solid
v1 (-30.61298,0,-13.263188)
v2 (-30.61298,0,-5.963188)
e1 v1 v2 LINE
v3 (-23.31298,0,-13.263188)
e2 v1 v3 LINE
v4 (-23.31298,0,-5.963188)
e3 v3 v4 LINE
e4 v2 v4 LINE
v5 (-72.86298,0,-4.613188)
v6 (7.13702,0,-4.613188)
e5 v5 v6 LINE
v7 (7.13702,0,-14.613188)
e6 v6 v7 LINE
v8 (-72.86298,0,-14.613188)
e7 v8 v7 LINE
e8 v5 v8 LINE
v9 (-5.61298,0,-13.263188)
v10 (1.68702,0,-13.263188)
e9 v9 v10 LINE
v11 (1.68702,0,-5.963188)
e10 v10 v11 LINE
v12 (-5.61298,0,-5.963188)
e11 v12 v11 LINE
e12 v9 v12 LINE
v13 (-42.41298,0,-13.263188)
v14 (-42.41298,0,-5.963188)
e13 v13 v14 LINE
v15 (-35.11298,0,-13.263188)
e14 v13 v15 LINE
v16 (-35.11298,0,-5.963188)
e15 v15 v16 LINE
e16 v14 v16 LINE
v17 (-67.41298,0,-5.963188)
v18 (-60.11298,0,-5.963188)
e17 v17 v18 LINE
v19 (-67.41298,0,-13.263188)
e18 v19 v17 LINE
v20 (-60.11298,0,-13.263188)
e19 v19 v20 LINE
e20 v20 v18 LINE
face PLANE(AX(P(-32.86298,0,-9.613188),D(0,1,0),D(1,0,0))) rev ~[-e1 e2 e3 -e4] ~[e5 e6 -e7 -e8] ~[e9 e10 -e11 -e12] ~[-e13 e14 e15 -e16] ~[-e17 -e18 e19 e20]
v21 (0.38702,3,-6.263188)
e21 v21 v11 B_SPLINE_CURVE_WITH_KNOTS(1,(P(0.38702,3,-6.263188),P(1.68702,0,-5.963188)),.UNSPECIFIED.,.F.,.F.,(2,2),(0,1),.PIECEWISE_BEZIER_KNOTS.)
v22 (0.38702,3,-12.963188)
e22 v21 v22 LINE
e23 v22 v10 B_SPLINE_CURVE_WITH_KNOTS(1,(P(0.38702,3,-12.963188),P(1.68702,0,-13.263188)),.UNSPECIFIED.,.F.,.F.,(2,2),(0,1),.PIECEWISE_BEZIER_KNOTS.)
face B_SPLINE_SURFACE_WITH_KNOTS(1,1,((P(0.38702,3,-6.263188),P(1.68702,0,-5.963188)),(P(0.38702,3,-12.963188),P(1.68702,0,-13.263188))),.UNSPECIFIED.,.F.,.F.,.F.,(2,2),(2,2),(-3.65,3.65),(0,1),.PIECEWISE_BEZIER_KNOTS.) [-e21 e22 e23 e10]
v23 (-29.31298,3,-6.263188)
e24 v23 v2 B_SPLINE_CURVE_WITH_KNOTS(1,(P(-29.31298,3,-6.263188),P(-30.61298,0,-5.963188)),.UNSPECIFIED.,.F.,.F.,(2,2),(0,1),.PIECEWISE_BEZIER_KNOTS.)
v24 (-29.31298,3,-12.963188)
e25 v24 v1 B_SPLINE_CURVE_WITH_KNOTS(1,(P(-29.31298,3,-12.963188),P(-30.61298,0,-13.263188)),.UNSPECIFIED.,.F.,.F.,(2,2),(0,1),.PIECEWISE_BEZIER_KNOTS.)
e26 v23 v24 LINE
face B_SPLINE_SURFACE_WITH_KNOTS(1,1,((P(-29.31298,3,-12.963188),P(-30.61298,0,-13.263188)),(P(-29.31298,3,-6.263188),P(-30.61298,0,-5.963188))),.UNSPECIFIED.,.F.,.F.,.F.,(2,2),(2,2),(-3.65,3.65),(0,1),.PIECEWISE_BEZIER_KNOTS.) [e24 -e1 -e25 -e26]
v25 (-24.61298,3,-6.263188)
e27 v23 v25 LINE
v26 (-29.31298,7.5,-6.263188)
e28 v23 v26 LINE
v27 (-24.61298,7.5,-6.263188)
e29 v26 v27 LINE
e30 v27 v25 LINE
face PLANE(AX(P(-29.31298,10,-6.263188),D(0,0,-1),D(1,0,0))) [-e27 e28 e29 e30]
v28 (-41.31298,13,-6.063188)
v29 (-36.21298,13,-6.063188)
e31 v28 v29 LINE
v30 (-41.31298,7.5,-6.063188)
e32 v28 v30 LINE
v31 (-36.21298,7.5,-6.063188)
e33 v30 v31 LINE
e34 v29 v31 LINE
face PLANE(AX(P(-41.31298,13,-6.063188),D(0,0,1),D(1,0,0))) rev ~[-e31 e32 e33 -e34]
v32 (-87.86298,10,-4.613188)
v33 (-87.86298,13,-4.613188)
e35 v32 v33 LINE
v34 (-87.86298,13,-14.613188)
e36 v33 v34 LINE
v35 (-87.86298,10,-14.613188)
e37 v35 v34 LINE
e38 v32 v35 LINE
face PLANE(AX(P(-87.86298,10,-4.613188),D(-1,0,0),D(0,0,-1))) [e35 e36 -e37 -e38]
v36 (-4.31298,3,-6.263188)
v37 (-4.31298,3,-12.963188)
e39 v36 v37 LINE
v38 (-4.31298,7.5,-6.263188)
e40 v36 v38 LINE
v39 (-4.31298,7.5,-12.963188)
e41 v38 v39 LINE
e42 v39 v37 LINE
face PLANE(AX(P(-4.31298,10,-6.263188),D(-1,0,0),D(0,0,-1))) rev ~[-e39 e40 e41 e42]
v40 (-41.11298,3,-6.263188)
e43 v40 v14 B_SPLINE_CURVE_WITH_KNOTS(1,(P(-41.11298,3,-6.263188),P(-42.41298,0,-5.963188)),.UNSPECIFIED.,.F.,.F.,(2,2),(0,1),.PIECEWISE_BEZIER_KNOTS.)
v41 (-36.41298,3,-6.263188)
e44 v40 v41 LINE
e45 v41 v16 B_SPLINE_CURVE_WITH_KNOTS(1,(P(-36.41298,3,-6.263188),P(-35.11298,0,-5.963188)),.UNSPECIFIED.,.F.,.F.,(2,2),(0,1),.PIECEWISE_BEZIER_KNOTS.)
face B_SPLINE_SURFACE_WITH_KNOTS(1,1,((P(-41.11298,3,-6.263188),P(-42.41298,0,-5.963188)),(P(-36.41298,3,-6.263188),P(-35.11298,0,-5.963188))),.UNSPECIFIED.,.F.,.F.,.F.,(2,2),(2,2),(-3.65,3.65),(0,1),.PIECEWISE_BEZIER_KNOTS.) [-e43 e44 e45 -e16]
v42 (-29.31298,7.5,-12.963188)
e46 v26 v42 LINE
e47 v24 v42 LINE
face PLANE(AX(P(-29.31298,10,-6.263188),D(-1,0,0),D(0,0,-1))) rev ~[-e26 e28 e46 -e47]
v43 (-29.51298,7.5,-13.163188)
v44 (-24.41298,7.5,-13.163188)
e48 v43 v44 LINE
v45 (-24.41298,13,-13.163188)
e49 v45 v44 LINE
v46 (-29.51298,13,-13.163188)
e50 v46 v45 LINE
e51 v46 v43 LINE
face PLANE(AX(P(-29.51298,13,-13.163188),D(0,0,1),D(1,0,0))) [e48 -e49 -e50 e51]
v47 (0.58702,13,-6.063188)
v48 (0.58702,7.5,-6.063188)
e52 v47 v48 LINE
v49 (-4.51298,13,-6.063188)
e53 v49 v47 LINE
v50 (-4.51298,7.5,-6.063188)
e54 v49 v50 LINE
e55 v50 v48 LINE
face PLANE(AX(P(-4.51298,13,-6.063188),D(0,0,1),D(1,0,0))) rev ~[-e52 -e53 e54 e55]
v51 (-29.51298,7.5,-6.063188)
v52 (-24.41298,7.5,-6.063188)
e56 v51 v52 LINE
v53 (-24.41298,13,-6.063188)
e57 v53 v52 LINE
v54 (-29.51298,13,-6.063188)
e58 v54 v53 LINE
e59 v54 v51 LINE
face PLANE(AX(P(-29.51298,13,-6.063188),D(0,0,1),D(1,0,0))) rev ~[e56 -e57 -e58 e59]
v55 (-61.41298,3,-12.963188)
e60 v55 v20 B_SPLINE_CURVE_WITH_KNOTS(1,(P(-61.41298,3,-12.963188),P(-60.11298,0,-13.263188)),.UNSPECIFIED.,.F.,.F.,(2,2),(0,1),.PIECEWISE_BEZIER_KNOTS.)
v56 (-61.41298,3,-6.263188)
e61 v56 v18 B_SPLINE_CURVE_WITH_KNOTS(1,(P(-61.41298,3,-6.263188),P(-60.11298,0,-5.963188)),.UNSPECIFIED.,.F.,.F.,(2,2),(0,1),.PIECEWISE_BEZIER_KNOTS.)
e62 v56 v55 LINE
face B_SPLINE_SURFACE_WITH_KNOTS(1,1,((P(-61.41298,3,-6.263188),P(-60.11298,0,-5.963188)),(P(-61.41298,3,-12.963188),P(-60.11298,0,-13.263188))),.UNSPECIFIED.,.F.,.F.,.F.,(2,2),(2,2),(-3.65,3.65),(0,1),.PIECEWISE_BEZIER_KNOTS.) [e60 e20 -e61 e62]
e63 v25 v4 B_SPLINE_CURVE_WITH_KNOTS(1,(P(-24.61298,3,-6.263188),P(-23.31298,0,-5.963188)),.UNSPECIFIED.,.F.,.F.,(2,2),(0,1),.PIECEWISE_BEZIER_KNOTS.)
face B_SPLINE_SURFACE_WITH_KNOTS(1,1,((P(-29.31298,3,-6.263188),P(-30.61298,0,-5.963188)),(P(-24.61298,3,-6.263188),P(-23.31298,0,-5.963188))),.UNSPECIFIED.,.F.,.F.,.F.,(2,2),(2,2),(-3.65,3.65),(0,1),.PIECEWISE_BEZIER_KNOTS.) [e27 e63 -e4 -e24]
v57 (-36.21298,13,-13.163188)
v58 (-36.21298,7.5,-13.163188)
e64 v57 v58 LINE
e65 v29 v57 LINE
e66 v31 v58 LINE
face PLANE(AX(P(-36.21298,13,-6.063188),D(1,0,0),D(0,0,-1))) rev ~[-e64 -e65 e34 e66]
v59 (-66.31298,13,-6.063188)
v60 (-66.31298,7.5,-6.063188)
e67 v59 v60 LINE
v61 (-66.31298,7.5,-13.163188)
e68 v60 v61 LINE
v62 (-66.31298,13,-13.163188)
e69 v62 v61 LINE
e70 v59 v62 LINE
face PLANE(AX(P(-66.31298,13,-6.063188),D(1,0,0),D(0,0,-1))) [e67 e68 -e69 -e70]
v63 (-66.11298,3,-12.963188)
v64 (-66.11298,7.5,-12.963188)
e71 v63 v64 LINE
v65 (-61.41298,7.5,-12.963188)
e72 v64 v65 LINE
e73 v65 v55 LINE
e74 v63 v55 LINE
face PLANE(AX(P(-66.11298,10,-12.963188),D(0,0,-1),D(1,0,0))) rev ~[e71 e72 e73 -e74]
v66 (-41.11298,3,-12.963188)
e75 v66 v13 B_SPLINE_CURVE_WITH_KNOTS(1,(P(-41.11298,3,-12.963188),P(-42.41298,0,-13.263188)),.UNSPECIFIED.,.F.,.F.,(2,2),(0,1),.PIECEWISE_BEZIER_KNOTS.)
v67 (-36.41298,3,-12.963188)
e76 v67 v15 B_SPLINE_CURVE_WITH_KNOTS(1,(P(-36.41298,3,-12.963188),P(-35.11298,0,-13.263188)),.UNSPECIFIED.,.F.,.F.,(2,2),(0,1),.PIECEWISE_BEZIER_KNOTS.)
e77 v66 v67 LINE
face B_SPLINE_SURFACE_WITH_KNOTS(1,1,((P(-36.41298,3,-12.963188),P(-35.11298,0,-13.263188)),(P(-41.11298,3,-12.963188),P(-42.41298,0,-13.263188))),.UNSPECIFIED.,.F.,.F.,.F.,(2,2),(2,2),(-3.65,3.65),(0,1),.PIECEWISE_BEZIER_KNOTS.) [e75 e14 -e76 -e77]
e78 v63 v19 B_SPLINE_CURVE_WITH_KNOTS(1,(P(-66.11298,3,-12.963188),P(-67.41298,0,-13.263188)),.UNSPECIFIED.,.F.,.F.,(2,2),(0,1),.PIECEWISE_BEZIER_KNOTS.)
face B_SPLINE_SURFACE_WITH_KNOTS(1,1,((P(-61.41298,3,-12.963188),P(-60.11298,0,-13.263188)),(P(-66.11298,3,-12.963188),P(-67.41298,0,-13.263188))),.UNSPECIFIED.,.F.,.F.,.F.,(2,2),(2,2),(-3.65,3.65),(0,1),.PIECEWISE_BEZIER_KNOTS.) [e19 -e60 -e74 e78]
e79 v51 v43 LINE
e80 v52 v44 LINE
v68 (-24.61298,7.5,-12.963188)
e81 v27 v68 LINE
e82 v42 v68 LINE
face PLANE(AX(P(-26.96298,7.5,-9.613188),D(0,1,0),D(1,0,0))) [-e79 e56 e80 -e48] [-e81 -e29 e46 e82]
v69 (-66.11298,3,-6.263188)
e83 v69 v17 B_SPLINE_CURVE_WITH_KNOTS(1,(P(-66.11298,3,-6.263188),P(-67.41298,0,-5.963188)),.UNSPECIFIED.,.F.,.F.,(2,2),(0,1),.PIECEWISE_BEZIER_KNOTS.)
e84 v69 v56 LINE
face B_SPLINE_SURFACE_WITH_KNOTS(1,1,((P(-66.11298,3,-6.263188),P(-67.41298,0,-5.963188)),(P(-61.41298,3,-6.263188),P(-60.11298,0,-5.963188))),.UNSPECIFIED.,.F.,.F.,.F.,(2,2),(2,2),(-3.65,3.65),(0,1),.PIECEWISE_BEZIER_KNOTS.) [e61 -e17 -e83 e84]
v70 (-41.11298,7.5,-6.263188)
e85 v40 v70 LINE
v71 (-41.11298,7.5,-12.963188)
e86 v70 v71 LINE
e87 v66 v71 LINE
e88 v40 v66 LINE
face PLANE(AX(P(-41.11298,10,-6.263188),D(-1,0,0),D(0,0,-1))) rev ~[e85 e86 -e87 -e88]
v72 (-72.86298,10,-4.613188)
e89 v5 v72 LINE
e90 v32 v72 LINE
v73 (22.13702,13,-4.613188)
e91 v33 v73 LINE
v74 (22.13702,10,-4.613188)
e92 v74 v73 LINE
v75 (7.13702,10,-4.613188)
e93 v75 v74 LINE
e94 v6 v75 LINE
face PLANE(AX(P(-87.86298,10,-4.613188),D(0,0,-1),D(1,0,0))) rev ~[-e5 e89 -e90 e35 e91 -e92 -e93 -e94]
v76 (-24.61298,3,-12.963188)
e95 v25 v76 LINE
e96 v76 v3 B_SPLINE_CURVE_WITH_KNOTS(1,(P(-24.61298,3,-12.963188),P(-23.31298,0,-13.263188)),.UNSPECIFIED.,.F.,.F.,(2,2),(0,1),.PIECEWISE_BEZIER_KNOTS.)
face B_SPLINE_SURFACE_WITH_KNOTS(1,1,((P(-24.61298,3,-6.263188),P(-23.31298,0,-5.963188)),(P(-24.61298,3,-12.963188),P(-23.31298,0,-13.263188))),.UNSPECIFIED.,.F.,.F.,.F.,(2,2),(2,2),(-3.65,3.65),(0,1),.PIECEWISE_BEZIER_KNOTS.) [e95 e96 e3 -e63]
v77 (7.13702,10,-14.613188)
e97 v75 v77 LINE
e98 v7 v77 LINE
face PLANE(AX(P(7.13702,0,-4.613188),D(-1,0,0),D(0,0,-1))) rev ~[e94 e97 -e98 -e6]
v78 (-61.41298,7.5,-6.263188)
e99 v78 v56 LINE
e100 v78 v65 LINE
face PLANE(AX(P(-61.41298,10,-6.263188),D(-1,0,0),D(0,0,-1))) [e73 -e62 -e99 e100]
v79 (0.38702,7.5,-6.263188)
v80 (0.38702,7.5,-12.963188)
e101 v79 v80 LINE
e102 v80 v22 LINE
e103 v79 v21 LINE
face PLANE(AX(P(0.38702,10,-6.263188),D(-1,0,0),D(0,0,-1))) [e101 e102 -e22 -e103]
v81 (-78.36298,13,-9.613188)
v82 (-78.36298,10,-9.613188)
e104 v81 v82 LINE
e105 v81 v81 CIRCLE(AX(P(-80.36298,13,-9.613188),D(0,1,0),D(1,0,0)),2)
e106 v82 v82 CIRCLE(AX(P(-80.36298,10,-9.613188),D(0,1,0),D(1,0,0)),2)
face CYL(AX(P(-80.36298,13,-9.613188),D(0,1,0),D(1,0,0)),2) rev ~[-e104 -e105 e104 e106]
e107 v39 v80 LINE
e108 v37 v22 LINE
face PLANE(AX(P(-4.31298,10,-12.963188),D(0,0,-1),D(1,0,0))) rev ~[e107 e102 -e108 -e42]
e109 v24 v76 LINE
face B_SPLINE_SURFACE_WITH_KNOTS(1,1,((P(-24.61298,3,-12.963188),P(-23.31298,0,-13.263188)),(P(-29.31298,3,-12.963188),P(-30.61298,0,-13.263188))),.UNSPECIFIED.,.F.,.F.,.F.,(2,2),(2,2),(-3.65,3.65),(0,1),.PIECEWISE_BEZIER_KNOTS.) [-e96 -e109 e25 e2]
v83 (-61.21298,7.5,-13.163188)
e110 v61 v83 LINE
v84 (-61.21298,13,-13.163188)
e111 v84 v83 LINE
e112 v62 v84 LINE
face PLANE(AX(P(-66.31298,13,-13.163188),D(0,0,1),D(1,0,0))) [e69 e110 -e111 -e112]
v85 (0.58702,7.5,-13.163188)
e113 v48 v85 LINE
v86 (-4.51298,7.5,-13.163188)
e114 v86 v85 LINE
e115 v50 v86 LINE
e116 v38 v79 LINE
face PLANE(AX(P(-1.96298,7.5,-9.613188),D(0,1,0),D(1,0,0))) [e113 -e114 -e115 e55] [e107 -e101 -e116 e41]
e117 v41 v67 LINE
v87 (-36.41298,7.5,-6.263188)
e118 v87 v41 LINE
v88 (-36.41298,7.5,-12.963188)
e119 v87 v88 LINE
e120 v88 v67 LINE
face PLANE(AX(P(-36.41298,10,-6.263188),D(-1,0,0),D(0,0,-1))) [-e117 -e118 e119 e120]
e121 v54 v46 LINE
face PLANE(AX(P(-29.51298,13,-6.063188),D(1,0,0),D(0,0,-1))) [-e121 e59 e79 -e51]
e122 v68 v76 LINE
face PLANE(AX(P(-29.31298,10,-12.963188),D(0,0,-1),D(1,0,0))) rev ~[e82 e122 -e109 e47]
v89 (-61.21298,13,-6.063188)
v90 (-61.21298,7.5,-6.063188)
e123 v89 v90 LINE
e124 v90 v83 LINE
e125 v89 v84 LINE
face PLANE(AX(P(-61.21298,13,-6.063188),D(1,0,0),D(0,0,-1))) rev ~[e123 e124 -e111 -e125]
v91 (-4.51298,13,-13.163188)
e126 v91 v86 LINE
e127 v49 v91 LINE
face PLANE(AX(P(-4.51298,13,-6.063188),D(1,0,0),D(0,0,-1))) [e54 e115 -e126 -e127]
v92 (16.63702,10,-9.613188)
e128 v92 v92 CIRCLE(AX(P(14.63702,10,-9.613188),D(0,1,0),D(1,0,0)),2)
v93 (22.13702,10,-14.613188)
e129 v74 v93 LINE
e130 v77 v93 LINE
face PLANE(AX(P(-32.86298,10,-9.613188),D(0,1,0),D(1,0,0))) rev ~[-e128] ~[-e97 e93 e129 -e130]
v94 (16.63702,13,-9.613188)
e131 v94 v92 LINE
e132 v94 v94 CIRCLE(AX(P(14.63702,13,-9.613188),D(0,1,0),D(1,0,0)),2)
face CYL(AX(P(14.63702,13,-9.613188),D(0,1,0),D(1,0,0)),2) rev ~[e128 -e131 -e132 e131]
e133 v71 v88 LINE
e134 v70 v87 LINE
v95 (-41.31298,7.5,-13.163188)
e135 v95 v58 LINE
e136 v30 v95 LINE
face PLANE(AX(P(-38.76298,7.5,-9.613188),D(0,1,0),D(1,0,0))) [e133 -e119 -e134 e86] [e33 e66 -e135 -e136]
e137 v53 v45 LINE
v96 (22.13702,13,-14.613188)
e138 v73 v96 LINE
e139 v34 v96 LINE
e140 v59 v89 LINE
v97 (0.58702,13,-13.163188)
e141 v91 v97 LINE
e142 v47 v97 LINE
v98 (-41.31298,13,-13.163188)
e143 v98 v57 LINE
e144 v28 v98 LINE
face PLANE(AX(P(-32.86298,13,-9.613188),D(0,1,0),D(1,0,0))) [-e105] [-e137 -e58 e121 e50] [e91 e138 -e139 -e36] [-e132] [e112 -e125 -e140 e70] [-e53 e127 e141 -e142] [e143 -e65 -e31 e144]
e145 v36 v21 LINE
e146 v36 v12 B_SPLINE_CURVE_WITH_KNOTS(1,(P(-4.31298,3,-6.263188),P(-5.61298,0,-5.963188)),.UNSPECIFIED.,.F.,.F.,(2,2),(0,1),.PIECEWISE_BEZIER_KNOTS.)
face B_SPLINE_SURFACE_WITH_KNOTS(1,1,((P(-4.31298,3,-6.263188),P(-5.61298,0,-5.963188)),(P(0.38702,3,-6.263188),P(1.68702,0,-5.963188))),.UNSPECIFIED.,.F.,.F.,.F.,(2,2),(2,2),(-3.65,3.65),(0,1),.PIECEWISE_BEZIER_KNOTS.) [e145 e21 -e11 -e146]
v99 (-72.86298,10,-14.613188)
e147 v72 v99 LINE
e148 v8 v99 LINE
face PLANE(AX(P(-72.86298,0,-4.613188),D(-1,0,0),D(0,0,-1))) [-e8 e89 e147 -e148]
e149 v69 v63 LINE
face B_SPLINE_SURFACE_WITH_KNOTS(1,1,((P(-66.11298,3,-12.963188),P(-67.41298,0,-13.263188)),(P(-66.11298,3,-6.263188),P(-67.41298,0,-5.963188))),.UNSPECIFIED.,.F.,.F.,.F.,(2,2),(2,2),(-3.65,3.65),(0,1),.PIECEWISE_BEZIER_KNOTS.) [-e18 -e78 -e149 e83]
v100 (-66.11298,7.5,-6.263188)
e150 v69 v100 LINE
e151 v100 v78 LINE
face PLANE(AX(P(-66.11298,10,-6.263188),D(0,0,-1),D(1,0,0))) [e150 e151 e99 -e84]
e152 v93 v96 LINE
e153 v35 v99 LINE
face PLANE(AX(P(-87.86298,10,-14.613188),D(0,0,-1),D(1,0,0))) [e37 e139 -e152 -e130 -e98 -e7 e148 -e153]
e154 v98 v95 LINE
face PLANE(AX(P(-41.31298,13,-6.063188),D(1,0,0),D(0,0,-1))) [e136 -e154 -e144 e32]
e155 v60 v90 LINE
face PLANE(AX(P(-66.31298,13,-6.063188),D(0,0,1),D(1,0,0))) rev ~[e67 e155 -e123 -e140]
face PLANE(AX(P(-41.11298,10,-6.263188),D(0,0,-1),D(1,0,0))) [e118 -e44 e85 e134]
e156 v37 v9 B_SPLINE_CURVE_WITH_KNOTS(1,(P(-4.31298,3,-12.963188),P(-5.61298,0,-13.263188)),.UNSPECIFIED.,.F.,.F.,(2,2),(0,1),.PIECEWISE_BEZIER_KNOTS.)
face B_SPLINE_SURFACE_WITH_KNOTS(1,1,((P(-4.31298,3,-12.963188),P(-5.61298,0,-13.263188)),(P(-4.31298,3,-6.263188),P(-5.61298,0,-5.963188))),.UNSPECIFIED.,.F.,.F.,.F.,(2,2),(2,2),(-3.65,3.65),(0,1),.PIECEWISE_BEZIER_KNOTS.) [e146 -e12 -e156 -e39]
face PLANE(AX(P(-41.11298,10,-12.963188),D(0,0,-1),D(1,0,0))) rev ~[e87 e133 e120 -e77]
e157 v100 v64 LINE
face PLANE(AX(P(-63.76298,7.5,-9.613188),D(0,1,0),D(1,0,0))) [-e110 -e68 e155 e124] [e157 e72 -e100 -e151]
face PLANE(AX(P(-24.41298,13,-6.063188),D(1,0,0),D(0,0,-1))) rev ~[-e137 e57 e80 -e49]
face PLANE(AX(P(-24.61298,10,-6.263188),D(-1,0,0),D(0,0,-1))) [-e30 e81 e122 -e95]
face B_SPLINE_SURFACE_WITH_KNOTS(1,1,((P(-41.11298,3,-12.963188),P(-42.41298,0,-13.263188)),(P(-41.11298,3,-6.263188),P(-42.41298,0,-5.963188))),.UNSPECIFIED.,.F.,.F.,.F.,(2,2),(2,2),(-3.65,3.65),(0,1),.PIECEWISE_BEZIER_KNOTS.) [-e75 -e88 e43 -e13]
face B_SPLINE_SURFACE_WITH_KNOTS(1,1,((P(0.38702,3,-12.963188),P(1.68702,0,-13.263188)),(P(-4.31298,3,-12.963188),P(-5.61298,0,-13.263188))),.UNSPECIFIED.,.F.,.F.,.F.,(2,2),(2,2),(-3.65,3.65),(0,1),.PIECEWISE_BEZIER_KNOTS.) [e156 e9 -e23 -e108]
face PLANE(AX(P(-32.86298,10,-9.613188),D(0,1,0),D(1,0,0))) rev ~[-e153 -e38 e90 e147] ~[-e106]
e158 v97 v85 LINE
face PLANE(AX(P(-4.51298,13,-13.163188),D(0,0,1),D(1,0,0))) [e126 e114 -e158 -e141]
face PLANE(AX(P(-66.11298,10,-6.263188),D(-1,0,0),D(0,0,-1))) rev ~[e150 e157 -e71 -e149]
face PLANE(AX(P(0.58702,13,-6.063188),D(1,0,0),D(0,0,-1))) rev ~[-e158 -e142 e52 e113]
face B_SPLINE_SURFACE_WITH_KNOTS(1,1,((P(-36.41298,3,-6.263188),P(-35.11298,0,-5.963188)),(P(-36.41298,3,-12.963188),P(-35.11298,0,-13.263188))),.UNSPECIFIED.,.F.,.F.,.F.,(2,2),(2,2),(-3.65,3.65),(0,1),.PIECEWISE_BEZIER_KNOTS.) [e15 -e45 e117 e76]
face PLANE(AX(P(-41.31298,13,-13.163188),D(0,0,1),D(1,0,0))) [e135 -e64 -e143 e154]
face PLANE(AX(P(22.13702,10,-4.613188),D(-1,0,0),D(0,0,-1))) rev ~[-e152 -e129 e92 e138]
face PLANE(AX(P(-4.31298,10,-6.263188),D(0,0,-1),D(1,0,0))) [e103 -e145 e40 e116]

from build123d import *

# Parameters (mm, degrees)
SKETCH1_W           = 80
SKETCH1_H           = 10
BOSS_EXTRUDE1_DEPTH = 10
SKETCH2_W           = 4.7
SKETCH2_H           = 6.7
CUT_EXTRUDE1_DEPTH  = 7
SKETCH3_W           = 4.7
SKETCH3_H           = 6.7
SKETCH4_W           = 7.3
SKETCH4_H           = 7.3
SKETCH5_W           = 4.7
SKETCH5_H           = 6.7
SKETCH6_W           = 7.3
SKETCH6_H           = 7.3
SKETCH8_W           = 4.7
SKETCH8_H           = 6.7
SKETCH9_W           = 7.3
SKETCH9_H           = 7.3
SKETCH10_W          = 4.7
SKETCH10_H          = 6.7
SKETCH11_W          = 7.3
SKETCH11_H          = 7.3
SKETCH12_W          = 110
SKETCH12_H          = 10
SKETCH12_W_2        = 4.7
SKETCH12_H_2        = 6.7
BOSS_EXTRUDE2_DEPTH = 3
SKETCH13_W          = 5.1
SKETCH13_H          = 7.1
CUT_EXTRUDE2_DEPTH  = 5.5
SKETCH14_R          = 2
CUT_EXTRUDE3_DEPTH  = 10


with BuildPart() as part:
    # Sketch1 → Boss-Extrude1 (new body)
    with BuildSketch(Plane(origin=(0, 0, 0), x_dir=(1, 0, 0), z_dir=(0, 1, 0))):
        with Locations((-32.862980486, 9.613188287)):
            Rectangle(SKETCH1_W, SKETCH1_H)
    extrude(amount=BOSS_EXTRUDE1_DEPTH)

    # Sketch2 → Cut-Extrude1 (cut)
    with BuildSketch(Plane(origin=(0, 10, 0), x_dir=(1, 0, 0), z_dir=(0, 1, 0))):
        with Locations((-26.962980486, 9.613188287)):
            Rectangle(SKETCH2_W, SKETCH2_H)
        with Locations((-38.762980486, 9.613188287)):
            Rectangle(SKETCH2_W, SKETCH2_H)
        with Locations((-1.962980486, 9.613188287)):
            Rectangle(SKETCH2_W, SKETCH2_H)
        with Locations((-63.762980486, 9.613188287)):
            Rectangle(SKETCH2_W, SKETCH2_H)
    extrude(amount=-CUT_EXTRUDE1_DEPTH, mode=Mode.SUBTRACT)

    # Sketch3 → Cut-Loft1 section 0
    with BuildSketch(Plane(origin=(0, 3, 0), x_dir=(1, 0, 0), z_dir=(0, 1, 0))):
        with Locations((-38.762980486, 9.613188287)):
            Rectangle(SKETCH3_W, SKETCH3_H)
    # Sketch4 → Cut-Loft1 section 1
    with BuildSketch(Plane.XZ):
        with Locations((-38.762980486, -9.613188287)):
            Rectangle(SKETCH4_W, SKETCH4_H)
    loft(mode=Mode.SUBTRACT)

    # Sketch5 → Cut-Loft2 section 0
    with BuildSketch(Plane(origin=(0, 3, 0), x_dir=(1, 0, 0), z_dir=(0, 1, 0))):
        with Locations((-63.762980486, 9.613188287)):
            Rectangle(SKETCH5_W, SKETCH5_H)
    # Sketch6 → Cut-Loft2 section 1
    with BuildSketch(Plane.XZ):
        with Locations((-63.762980486, -9.613188287)):
            Rectangle(SKETCH6_W, SKETCH6_H)
    loft(mode=Mode.SUBTRACT)

    # Sketch8 → Cut-Loft3 section 0
    with BuildSketch(Plane(origin=(0, 3, 0), x_dir=(1, 0, 0), z_dir=(0, 1, 0))):
        with Locations((-26.962980486, 9.613188287)):
            Rectangle(SKETCH8_W, SKETCH8_H)
    # Sketch9 → Cut-Loft3 section 1
    with BuildSketch(Plane.XZ):
        with Locations((-26.962980486, -9.613188287)):
            Rectangle(SKETCH9_W, SKETCH9_H)
    loft(mode=Mode.SUBTRACT)

    # Sketch10 → Cut-Loft4 section 0
    with BuildSketch(Plane(origin=(0, 3, 0), x_dir=(1, 0, 0), z_dir=(0, 1, 0))):
        with Locations((-1.962980486, 9.613188287)):
            Rectangle(SKETCH10_W, SKETCH10_H)
    # Sketch11 → Cut-Loft4 section 1
    with BuildSketch(Plane.XZ):
        with Locations((-1.962980486, -9.613188287)):
            Rectangle(SKETCH11_W, SKETCH11_H)
    loft(mode=Mode.SUBTRACT)

    # Sketch12 → Boss-Extrude2 (add)
    with BuildSketch(Plane(origin=(0, 10, 0), x_dir=(1, 0, 0), z_dir=(0, 1, 0))):
        with Locations((-32.862980486, 9.613188287)):
            Rectangle(SKETCH12_W, SKETCH12_H)
        with Locations((-63.762980486, 9.613188287)):
            Rectangle(SKETCH12_W_2, SKETCH12_H_2, mode=Mode.SUBTRACT)
        with Locations((-38.762980486, 9.613188287)):
            Rectangle(SKETCH12_W_2, SKETCH12_H_2, mode=Mode.SUBTRACT)
        with Locations((-26.962980486, 9.613188287)):
            Rectangle(SKETCH12_W_2, SKETCH12_H_2, mode=Mode.SUBTRACT)
        with Locations((-1.962980486, 9.613188287)):
            Rectangle(SKETCH12_W_2, SKETCH12_H_2, mode=Mode.SUBTRACT)
    extrude(amount=BOSS_EXTRUDE2_DEPTH)

    # Sketch13 → Cut-Extrude2 (cut)
    with BuildSketch(Plane(origin=(0, 13, 0), x_dir=(1, 0, 0), z_dir=(0, 1, 0))):
        with Locations((-63.762980486, 9.613188287)):
            Rectangle(SKETCH13_W, SKETCH13_H)
        with Locations((-38.762980486, 9.613188287)):
            Rectangle(SKETCH13_W, SKETCH13_H)
        with Locations((-26.962980486, 9.613188287)):
            Rectangle(SKETCH13_W, SKETCH13_H)
        with Locations((-1.962980486, 9.613188287)):
            Rectangle(SKETCH13_W, SKETCH13_H)
    extrude(amount=-CUT_EXTRUDE2_DEPTH, mode=Mode.SUBTRACT)

    # Sketch14 → Cut-Extrude3 (cut)
    with BuildSketch(Plane(origin=(0, 13, 0), x_dir=(1, 0, 0), z_dir=(0, 1, 0))):
        with Locations((14.637019514, 9.613188287)):
            Circle(SKETCH14_R)
        with Locations((-80.362980486, 9.613188287)):
            Circle(SKETCH14_R)
    extrude(amount=-CUT_EXTRUDE3_DEPTH, mode=Mode.SUBTRACT)


solid = part.part
